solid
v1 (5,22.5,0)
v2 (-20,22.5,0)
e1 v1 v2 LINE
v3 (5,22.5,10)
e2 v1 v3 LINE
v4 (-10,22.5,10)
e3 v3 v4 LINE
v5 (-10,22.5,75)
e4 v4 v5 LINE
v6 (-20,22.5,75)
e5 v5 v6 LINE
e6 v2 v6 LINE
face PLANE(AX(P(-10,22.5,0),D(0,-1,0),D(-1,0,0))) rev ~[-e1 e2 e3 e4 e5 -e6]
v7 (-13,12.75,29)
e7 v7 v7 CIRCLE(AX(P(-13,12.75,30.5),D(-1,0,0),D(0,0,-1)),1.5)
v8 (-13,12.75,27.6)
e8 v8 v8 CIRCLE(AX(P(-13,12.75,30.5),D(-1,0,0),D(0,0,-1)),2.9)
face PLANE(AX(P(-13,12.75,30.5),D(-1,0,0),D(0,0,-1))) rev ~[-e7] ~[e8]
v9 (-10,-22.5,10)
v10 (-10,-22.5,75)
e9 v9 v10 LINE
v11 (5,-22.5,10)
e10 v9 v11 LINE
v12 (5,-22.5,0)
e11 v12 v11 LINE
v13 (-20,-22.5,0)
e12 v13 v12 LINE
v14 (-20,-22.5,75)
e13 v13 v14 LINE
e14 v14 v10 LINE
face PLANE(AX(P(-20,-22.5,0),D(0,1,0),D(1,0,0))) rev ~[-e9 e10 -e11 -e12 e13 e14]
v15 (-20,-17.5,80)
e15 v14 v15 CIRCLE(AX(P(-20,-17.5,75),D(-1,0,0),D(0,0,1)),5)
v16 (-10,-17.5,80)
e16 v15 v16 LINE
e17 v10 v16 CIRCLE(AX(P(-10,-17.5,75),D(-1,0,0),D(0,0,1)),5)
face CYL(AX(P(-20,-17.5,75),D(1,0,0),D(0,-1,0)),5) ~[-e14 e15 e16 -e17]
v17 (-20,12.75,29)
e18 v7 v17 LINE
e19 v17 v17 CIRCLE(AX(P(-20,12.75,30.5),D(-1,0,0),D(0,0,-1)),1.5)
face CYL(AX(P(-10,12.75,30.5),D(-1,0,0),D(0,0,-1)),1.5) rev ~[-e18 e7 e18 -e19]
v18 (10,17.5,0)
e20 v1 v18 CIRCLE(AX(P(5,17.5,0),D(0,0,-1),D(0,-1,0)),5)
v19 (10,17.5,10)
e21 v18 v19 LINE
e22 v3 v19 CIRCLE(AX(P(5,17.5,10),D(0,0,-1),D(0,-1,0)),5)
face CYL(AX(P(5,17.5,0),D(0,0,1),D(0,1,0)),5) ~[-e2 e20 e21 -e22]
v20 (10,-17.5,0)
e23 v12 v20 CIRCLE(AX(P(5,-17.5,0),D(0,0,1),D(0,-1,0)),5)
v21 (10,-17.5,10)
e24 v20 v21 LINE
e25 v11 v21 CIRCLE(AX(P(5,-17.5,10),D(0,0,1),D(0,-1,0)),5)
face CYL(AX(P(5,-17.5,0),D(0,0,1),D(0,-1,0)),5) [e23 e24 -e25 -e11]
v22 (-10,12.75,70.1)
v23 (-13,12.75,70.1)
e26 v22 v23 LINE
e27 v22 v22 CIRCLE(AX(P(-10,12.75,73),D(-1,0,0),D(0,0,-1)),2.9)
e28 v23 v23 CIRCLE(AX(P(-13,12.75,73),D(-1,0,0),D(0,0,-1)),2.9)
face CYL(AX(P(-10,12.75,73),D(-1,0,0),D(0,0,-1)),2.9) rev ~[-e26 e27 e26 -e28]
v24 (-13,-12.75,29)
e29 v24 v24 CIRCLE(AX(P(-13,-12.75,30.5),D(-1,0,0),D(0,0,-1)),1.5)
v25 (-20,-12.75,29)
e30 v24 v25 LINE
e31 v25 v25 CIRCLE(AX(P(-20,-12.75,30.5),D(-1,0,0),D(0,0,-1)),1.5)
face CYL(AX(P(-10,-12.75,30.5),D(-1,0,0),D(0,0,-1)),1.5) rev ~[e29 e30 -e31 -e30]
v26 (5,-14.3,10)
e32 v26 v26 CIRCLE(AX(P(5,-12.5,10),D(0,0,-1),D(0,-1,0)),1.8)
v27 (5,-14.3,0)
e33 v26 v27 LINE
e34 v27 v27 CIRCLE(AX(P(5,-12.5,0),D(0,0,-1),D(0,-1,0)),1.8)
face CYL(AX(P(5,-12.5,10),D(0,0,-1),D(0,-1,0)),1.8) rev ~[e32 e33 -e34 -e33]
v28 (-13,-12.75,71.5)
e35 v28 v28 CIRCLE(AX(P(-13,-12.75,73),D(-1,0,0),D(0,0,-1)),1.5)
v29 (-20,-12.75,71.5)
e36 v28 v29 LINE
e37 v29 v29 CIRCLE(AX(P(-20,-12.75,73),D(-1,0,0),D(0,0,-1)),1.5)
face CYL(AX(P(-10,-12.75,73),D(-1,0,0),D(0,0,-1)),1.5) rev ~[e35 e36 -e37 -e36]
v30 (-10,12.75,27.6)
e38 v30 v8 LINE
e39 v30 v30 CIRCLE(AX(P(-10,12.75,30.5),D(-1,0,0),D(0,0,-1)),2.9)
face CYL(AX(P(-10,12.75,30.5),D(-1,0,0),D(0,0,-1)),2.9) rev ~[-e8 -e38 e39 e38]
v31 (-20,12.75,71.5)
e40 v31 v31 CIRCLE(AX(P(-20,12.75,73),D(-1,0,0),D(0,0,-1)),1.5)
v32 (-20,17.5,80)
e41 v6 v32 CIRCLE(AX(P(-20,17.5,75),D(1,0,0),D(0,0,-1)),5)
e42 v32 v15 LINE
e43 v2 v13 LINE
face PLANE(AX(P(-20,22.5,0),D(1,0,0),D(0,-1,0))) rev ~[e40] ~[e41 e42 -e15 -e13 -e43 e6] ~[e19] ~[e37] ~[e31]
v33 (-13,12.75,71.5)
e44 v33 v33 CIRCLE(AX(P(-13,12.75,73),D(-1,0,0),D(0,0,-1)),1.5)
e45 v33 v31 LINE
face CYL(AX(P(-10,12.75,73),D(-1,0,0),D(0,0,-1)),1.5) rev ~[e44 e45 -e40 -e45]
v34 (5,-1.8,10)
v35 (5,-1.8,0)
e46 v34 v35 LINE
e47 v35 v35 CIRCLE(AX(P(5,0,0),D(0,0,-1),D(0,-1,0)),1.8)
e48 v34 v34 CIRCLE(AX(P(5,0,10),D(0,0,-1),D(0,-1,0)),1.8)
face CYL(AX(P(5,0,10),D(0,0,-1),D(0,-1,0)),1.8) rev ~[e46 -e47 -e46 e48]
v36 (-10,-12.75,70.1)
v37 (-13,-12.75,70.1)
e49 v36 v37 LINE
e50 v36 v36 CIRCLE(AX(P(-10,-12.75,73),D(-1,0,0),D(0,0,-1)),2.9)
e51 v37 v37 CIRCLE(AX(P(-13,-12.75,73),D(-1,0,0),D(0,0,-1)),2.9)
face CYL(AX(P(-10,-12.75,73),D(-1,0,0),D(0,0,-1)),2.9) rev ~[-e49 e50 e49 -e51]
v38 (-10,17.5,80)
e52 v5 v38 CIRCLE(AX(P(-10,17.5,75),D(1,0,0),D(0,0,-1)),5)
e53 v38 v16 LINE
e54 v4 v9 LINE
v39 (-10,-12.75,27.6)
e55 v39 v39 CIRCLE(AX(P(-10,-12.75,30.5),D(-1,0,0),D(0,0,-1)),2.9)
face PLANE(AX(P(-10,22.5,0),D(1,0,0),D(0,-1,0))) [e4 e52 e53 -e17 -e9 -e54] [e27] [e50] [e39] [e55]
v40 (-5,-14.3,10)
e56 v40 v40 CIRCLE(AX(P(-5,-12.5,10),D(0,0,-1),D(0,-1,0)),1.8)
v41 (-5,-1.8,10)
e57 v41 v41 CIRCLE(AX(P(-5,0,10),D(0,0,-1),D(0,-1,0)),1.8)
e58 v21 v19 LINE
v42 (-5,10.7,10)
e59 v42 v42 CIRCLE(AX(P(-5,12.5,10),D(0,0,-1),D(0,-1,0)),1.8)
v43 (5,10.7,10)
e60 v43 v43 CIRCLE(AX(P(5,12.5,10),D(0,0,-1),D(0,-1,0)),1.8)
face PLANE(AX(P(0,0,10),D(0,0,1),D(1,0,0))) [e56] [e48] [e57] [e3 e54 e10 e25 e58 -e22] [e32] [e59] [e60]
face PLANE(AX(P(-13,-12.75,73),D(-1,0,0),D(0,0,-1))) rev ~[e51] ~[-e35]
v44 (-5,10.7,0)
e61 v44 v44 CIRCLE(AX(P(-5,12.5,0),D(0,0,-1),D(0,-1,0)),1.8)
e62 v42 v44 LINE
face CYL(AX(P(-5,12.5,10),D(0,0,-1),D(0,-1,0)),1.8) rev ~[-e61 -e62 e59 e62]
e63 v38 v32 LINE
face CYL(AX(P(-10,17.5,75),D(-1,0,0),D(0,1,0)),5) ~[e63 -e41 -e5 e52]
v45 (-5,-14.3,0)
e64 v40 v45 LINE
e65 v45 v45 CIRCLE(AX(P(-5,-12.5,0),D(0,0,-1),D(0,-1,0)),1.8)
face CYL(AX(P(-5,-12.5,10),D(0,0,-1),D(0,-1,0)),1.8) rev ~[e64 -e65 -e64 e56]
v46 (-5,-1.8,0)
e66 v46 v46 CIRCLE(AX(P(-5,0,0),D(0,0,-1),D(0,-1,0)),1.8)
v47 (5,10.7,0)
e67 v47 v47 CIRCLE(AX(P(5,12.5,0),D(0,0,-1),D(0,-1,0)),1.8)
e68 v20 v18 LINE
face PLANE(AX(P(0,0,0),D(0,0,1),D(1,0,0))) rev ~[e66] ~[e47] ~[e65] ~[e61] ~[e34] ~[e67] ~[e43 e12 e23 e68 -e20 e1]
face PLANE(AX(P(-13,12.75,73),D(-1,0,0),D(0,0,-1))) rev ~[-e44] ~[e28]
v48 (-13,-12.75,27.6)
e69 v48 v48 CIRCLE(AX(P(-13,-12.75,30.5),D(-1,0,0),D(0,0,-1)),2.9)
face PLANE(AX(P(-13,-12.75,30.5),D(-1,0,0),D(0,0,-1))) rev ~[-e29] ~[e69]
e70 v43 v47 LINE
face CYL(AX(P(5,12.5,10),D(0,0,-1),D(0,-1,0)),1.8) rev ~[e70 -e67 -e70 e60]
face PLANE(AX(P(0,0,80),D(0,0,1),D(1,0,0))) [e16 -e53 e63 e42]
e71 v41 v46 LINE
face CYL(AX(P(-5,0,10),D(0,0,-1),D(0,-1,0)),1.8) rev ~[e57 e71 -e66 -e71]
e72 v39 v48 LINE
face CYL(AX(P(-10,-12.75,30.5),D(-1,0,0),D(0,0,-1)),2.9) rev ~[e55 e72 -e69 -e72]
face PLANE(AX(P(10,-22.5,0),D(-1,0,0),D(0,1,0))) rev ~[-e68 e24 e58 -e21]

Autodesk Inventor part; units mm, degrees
ref_plane "YZ Plane" through (0, 0, 0) normal (1, 0, 0) x (0, 1, 0)
ref_plane "XZ Plane" through (0, 0, 0) normal (0, 1, 0) x (-1, 0, 0)
ref_plane "XY Plane" through (0, 0, 0) normal (0, 0, 1) x (1, 0, 0)
sketch "Sketch1" plane through (0, 0, 0) normal (0, 0, 1) x (1, 0, 0)
  line L0 (-10, -22.5) -> (10, -22.5)
  line L1 (10, -22.5) -> (10, 22.5)
  line L2 (10, 22.5) -> (-10, 22.5)
  line L3 (-10, 22.5) -> (-10, -22.5)
  line L4 (-10, -22.5) -> (10, 22.5) construction
  line L5 (10, -22.5) -> (-10, 22.5) construction
  line L6 (-10, 22.5) -> (-20, 22.5)
  line L7 (-20, 22.5) -> (-20, -22.5)
  line L8 (-20, -22.5) -> (-10, -22.5)
  line L9 (-10, -22.5) -> (-10, 22.5)
  point P0 (0, 0)
  dimension "d0" = 20
  dimension "d1" = 45
  dimension "d2" = 10
extrude "Extrusion1" add sketch "Sketch1" along normal blind 10 contours L3 L2 L1 L0
sketch "Sketch2" plane through (0, 0, 10) normal (0, 0, 1) x (1, 0, 0)
  line L0 (5, -12.5) -> (-5, -12.5) construction
  line L1 (-5, -12.5) -> (-5, 12.5) construction
  line L2 (-5, 12.5) -> (5, 12.5) construction
  line L3 (5, 12.5) -> (5, -12.5) construction
  line L4 (5, -12.5) -> (-5, 12.5) construction
  line L5 (-5, -12.5) -> (5, 12.5) construction
  point P0 (0, 0)
  point P1 (-5, 0)
  point P2 (5, 0)
  dimension "d5" = 10
  dimension "d6" = 25
hole "Hole1" at (-5, 12.5, 10) at (5, 12.5, 10) at (5, -12.5, 10) at (-5, -12.5, 10) at (-5, 0, 10) at (5, 0, 10) direction (0, 0, -1) diameter 3.6 end through all clearance for "Countersunk Flat Head Screw DIN EN ISO 2009" size "M3" standard "DIN"
sketch "Sketch3" plane through (0, 0, 0) normal (0, 0, 1) x (1, 0, 0)
  line L0 (-10, 22.5) -> (-10, -22.5) projected
  line L1 (-10, 22.5) -> (-20, 22.5)
  line L2 (-20, 22.5) -> (-20, -22.5)
  line L3 (-20, -22.5) -> (-10, -22.5)
  line L4 (-10, -22.5) -> (-10, 22.5)
  point P0 (0, 0)
  dimension "d14" = 10
extrude "Extrusion2" add sketch "Sketch3" along normal blind 80
sketch "Sketch4" plane through (-10, -22.5, 10) normal (1, 0, 0) x (0, 0, -1)
  line L0 (-63, 9.75) -> (-20.5, 9.75)
  line L1 (-20.5, 9.75) -> (-20.5, 35.25)
  line L2 (-20.5, 35.25) -> (-63, 35.25)
  line L3 (-63, 35.25) -> (-63, 9.75)
  line L4 (-63, 9.75) -> (-20.5, 35.25) construction
  line L5 (-20.5, 9.75) -> (-63, 35.25) construction
  line L6 (0, 0) -> (0, 45) projected
  line L7 (-70, 0) -> (-70, 45) projected
  line L8 (0, 45) -> (-70, 45) projected
  point P0 (10, 22.5)
  point P1 (-41.75, 22.5)
  point P2 (-70, 22.5)
  dimension "d17" = 42.5
  dimension "d18" = 25.5
  dimension "d19" = 7
hole "Hole2" at (-10, 12.75, 73) at (-10, -12.75, 73) at (-10, 12.75, 30.5) at (-10, -12.75, 30.5) direction (-1, 0, 0) diameter 3 end through all clearance for "Countersunk Flat Head Screw DIN EN ISO 2009" size "M2.5" standard "DIN"
sketch "Sketch5" plane through (-10, -22.5, 10) normal (1, 0, 0) x (0, 0, -1)
  circle A0 centre (-63, 35.25) radius 1.5 projected
  circle A1 centre (-20.5, 35.25) radius 1.5 projected
  circle A2 centre (-20.5, 9.75) radius 1.5 projected
  circle A3 centre (-63, 9.75) radius 1.5 projected
  point P0 (10, 22.5)
hole "Hole3" at (-10, 12.75, 73) at (-10, 12.75, 30.5) at (-10, -12.75, 30.5) at (-10, -12.75, 73) direction (-1, 0, 0) diameter 5.8 depth 3
fillet "Fillet1" radius 5 4 edges at (-15, 22.5, 80) (-15, -22.5, 80) (10, 22.5, 5) (10, -22.5, 5)
properties part number "Uchwyt_konwerter" material "PET Plastic"
